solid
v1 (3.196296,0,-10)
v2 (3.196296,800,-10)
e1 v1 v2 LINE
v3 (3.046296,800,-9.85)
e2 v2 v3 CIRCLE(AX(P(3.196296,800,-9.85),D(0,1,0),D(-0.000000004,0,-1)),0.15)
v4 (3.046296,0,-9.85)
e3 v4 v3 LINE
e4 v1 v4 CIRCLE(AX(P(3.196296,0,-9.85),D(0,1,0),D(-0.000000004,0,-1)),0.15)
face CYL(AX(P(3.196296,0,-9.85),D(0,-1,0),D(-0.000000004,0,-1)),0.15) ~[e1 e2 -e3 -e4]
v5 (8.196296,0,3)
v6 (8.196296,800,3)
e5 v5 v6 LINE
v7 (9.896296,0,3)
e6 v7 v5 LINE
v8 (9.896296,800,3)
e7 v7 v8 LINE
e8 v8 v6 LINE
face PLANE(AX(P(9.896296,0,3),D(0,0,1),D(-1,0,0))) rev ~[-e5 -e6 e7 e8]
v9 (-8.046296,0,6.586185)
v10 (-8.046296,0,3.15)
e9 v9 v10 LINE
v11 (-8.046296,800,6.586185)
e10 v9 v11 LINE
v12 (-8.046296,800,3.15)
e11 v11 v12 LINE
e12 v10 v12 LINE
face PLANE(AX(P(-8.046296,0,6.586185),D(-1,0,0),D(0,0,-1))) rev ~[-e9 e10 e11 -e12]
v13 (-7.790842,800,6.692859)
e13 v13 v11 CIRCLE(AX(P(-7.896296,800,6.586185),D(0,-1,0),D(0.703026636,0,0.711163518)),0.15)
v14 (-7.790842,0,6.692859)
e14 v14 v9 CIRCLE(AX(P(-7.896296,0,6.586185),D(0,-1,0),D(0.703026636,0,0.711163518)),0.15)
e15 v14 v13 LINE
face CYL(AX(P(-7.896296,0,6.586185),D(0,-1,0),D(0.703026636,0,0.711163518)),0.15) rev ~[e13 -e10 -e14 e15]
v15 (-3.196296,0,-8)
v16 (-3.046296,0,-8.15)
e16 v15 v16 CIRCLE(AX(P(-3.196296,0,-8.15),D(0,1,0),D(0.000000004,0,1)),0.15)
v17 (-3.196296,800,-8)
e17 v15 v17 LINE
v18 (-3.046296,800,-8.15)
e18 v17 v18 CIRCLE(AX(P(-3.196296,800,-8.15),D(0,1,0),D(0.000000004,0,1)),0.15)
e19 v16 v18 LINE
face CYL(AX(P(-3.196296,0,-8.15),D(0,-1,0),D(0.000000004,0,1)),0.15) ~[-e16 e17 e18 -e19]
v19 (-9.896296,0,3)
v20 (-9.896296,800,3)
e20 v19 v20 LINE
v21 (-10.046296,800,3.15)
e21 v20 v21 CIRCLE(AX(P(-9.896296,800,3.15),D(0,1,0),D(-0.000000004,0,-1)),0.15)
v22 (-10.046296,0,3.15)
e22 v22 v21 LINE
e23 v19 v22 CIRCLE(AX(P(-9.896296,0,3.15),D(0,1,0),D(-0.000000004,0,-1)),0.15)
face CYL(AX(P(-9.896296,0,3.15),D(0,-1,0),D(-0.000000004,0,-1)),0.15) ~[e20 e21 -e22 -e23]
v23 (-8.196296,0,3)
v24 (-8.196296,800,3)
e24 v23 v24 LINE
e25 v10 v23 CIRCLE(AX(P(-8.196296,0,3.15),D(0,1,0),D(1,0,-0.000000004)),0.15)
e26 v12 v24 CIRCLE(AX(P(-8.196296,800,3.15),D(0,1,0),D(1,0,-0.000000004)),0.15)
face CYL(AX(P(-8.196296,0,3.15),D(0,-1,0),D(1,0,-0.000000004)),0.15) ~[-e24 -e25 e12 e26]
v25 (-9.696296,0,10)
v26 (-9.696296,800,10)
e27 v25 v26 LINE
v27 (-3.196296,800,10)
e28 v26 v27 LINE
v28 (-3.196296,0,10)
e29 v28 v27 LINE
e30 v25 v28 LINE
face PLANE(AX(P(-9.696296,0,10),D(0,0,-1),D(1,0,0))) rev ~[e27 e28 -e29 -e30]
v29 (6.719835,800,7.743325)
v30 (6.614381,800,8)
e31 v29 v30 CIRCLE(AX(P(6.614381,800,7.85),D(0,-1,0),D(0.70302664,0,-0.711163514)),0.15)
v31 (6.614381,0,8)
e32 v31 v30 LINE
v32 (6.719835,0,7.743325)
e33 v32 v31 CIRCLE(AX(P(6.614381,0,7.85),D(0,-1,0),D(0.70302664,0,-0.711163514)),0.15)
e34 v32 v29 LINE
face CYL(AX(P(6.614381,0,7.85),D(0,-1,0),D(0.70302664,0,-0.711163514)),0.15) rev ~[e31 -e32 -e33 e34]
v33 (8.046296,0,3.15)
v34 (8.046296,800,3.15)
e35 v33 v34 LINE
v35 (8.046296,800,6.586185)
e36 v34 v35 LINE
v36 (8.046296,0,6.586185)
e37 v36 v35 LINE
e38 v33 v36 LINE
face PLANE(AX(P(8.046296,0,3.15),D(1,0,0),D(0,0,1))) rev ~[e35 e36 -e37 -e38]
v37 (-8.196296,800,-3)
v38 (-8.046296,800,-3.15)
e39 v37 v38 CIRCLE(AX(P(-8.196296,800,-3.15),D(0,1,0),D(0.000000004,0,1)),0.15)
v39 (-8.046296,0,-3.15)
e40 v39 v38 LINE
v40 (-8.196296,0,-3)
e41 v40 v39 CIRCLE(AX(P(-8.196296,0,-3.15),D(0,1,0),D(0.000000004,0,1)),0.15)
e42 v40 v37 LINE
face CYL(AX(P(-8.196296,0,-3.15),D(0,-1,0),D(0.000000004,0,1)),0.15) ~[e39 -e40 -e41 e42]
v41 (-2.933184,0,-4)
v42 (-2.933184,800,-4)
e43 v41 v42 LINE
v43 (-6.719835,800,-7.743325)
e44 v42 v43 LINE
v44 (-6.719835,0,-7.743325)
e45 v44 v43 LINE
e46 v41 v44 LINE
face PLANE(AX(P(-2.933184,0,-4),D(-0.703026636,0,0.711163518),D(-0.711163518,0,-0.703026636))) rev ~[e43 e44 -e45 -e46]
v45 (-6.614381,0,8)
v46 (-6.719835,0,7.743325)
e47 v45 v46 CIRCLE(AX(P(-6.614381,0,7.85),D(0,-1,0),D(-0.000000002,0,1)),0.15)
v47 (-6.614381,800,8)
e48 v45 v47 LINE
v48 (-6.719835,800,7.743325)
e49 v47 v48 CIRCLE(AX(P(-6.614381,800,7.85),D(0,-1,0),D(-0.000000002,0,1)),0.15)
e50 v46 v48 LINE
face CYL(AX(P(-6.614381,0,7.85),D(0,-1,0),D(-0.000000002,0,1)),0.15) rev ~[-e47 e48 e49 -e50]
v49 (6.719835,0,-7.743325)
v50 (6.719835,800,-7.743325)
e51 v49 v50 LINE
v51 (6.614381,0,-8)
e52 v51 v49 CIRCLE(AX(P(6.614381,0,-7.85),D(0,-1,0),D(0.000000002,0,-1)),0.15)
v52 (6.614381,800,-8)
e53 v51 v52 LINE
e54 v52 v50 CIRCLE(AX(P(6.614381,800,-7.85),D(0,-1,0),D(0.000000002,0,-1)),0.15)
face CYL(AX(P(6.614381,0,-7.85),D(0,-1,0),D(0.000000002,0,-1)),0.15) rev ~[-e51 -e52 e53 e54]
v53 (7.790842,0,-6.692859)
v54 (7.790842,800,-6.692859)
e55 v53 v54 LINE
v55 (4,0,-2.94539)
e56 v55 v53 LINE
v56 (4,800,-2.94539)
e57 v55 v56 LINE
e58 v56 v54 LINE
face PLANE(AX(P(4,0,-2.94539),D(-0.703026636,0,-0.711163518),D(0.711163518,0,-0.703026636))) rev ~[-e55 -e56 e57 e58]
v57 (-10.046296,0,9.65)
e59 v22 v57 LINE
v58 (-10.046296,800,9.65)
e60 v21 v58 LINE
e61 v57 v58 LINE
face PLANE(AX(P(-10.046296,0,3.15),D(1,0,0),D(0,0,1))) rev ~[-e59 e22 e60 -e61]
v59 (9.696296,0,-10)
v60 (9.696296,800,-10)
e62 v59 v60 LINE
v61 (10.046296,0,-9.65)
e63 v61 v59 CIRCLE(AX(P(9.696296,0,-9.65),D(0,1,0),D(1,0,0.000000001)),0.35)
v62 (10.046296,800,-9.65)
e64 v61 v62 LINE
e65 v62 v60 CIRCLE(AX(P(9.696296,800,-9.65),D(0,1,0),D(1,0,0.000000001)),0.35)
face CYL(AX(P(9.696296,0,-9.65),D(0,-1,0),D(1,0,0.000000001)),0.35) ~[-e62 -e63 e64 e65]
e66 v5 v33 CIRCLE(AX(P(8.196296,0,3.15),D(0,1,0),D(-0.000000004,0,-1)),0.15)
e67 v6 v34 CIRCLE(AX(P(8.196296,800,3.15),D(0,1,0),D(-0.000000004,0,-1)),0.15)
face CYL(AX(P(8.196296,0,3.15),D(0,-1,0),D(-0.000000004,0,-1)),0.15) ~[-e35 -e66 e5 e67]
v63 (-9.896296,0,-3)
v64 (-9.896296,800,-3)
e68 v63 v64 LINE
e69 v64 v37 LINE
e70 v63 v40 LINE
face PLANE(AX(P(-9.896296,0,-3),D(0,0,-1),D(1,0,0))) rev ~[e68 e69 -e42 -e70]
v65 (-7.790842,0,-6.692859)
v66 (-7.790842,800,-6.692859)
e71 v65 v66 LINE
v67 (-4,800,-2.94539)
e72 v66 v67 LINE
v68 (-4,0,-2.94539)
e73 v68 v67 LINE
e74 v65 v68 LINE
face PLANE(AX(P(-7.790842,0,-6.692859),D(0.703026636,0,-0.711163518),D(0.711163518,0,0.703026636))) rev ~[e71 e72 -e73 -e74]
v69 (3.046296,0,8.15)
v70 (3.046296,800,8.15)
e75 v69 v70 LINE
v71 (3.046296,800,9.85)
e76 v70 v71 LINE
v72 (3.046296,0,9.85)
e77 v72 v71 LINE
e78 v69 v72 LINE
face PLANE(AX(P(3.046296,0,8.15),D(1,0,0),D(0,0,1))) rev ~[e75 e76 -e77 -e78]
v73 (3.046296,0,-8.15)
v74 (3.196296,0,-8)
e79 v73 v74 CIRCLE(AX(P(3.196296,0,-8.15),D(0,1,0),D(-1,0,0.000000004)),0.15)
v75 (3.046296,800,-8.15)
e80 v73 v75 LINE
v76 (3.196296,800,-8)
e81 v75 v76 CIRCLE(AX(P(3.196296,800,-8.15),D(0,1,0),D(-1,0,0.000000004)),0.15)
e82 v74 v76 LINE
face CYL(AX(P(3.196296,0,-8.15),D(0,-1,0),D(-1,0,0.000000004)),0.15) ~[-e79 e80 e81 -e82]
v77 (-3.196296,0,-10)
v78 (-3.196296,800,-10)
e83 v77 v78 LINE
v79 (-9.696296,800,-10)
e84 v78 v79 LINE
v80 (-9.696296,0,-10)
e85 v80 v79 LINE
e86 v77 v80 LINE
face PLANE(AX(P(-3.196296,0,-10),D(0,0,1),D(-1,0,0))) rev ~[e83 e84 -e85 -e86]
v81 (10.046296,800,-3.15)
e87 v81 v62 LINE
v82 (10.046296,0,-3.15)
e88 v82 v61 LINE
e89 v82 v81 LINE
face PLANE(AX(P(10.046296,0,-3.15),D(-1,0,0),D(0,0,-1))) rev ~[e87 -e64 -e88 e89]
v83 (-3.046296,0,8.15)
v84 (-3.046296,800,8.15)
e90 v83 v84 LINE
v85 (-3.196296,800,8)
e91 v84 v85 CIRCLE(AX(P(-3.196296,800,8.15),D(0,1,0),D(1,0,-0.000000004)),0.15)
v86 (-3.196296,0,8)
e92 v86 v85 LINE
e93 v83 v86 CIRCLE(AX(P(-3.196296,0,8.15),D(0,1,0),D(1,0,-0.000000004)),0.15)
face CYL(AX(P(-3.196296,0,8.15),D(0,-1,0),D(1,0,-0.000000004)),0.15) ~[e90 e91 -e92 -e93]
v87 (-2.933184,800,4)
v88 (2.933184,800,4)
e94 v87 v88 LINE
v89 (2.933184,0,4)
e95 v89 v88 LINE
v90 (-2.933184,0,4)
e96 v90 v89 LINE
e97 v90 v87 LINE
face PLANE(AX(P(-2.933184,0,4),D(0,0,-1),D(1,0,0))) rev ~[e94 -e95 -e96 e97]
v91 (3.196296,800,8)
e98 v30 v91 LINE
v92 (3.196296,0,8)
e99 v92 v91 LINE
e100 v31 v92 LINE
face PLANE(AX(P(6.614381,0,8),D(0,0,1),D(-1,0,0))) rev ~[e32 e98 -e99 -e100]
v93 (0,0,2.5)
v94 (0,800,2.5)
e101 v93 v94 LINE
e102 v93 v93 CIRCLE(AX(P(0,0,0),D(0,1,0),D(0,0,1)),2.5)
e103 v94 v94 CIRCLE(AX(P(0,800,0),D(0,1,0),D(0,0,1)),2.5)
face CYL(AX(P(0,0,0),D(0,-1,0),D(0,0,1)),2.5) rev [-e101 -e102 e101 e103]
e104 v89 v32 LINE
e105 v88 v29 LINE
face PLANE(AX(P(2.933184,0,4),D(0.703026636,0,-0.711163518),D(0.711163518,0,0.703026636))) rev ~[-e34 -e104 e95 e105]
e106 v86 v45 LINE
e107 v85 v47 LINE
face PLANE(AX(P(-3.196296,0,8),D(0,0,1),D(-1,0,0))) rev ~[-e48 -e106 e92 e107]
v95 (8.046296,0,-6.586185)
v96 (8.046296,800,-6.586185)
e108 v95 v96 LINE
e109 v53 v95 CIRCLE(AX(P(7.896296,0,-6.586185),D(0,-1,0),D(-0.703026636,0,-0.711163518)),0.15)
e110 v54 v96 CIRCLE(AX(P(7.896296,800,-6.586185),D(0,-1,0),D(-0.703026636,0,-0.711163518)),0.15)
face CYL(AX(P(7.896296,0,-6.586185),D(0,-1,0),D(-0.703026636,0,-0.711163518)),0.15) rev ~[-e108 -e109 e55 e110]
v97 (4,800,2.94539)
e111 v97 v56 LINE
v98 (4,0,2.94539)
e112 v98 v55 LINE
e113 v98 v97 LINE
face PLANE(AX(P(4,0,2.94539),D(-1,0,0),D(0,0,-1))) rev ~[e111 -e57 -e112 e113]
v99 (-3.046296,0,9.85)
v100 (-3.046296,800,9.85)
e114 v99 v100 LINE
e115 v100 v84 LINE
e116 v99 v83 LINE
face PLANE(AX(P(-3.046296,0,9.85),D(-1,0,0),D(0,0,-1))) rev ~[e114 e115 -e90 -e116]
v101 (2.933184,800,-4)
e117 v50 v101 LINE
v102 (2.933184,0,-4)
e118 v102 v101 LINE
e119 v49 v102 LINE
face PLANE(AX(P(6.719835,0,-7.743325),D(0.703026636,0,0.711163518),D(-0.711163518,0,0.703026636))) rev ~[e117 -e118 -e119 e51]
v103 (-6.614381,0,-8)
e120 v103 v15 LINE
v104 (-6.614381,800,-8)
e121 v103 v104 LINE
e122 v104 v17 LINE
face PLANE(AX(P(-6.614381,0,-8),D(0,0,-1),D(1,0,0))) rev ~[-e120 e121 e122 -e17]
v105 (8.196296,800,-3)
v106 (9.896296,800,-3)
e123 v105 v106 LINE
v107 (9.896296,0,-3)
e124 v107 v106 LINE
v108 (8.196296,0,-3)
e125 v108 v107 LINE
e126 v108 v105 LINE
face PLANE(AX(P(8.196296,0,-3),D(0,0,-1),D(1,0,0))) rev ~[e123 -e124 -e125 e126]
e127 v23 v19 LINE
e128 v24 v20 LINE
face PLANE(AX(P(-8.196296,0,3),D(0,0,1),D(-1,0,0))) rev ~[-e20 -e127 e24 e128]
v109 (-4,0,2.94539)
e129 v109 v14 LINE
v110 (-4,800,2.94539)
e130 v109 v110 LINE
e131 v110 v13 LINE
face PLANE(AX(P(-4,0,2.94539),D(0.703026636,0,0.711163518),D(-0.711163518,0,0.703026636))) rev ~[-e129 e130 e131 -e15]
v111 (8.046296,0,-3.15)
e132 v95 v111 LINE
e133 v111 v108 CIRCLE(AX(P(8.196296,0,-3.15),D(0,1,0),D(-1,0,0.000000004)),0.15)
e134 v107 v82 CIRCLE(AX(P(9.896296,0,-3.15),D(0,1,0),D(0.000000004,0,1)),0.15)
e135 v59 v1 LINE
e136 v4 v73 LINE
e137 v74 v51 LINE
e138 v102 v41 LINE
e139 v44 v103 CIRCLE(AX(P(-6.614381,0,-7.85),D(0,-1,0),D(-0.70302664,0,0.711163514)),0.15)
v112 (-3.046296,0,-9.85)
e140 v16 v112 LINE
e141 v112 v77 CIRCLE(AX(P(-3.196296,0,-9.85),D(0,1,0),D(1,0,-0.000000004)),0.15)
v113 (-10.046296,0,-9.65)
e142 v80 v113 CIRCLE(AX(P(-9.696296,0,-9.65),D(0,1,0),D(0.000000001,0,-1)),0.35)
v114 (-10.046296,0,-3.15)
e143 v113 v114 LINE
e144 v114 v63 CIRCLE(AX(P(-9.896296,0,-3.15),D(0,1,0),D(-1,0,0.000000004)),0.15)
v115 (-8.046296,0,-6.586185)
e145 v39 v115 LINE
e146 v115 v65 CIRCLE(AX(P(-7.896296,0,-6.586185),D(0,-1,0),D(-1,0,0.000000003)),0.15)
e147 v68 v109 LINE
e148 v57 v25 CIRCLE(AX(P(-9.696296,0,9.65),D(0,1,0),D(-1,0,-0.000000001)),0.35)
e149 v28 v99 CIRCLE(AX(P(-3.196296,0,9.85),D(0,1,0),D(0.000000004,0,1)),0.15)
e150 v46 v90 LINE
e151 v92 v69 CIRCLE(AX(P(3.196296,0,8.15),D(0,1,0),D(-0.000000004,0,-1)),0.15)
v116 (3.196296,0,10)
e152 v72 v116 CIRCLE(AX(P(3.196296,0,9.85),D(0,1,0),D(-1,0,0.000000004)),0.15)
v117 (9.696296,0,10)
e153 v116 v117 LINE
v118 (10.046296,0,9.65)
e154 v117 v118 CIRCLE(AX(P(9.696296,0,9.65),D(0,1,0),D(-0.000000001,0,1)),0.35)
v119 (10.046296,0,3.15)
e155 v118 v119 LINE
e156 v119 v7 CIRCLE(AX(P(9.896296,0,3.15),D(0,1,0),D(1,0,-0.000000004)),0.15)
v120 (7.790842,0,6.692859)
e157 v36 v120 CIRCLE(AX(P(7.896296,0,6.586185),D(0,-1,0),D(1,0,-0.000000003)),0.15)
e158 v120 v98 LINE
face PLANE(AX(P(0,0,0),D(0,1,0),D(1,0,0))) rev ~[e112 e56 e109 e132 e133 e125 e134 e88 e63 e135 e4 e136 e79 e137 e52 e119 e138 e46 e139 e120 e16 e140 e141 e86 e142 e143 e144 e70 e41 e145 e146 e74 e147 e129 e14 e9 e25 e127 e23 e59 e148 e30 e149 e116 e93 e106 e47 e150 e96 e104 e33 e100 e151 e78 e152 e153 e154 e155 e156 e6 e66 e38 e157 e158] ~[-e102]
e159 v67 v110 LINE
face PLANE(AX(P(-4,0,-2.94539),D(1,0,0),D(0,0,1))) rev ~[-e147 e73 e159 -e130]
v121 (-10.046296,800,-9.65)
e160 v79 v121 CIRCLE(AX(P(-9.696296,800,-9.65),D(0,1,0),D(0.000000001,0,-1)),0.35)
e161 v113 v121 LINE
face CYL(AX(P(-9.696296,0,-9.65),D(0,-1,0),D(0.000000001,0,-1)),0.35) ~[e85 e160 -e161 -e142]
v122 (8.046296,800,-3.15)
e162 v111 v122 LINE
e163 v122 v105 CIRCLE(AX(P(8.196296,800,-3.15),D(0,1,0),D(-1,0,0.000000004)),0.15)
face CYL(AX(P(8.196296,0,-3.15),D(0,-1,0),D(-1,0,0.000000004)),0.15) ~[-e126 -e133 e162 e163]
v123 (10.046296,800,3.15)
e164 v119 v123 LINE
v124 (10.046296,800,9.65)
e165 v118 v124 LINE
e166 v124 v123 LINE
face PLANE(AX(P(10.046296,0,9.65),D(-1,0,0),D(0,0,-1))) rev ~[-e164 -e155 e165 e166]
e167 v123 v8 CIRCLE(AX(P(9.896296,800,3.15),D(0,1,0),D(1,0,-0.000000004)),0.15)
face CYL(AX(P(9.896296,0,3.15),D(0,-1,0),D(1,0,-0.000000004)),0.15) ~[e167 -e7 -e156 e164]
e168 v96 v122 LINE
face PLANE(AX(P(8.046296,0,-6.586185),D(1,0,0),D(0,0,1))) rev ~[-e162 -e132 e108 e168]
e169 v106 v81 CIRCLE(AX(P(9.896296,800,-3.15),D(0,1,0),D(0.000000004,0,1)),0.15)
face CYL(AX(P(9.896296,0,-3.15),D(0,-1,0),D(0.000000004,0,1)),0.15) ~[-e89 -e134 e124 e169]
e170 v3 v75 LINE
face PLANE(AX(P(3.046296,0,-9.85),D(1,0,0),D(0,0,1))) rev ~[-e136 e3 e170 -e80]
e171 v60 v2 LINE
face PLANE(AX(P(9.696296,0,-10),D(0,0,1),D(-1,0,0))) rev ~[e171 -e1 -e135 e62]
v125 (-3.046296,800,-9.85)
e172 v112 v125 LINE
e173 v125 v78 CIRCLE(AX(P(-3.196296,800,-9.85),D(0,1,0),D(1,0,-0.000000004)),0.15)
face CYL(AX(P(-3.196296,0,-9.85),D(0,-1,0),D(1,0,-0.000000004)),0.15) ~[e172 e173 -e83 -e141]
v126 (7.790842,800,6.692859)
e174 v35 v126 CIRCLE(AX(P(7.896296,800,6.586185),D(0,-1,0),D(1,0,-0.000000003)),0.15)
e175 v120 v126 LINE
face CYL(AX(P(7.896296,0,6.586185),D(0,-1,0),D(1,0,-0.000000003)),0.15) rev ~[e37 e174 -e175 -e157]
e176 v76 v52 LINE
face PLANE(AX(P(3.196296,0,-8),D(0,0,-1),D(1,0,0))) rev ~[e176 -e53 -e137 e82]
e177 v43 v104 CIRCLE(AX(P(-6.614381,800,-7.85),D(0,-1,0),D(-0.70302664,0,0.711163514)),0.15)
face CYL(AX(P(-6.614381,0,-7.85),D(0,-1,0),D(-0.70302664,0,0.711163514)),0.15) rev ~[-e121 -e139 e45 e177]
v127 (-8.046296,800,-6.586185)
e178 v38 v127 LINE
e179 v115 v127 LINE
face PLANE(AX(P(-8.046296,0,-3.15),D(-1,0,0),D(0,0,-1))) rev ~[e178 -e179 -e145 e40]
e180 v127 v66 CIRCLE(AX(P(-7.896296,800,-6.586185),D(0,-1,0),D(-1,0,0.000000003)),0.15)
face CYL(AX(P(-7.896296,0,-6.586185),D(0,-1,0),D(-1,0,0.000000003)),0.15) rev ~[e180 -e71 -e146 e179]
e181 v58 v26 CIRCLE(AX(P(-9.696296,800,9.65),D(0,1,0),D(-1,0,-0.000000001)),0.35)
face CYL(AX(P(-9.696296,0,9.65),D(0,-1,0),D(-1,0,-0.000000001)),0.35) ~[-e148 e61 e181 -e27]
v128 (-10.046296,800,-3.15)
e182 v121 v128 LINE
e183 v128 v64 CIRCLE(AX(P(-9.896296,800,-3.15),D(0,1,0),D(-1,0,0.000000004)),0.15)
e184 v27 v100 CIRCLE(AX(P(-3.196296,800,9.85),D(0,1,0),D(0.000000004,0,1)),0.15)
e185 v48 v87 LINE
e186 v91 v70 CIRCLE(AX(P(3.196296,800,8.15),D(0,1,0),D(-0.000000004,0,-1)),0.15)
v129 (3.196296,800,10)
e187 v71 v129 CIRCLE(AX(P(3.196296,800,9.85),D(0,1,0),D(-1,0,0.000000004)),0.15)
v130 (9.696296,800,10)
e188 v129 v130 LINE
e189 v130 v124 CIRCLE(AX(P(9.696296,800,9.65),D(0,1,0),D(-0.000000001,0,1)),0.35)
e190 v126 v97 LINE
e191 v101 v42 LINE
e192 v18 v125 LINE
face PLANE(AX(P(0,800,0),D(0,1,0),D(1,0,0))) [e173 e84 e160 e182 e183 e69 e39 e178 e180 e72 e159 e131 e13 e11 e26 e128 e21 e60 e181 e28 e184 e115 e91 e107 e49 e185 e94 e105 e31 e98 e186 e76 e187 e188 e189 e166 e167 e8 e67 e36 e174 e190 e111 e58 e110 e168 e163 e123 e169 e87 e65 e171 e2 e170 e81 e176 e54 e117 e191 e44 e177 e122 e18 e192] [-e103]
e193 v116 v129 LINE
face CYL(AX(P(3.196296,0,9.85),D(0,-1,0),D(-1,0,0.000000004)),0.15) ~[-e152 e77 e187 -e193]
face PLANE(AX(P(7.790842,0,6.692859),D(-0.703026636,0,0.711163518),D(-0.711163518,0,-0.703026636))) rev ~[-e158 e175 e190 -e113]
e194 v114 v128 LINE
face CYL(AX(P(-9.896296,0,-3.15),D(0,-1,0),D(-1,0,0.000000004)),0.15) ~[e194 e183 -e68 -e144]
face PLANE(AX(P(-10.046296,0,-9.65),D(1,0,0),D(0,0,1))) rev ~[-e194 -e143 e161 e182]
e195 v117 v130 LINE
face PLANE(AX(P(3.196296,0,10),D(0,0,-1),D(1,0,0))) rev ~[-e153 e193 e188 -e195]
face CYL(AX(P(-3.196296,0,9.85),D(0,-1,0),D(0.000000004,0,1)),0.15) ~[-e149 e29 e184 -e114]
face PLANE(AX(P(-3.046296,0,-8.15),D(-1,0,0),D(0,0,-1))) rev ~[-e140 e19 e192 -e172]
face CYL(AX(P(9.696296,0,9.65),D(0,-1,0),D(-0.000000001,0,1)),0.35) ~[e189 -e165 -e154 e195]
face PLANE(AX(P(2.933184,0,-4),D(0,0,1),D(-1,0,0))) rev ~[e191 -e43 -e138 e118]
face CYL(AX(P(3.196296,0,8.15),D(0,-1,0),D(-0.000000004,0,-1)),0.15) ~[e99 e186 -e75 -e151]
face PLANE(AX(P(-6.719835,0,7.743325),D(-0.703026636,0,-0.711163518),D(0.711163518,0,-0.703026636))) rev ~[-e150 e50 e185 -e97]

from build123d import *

# Parameters (mm, degrees)
SKETCH1_R           = 2.5
BOSS_EXTRUDE2_DEPTH = 800


with BuildPart() as part:
    # Sketch1 → Boss-Extrude2 (new body)
    with BuildSketch(Plane(origin=(0, 0, 0), x_dir=(1, 0, 0), z_dir=(0, 1, 0))):
        with BuildLine():
            Line((-9.896296296, 3), (-8.196296296, 3))
            ThreePointArc((-8.196296296, 3), (-8.090230279, 3.043933983), (-8.046296296, 3.15))
            Line((-8.046296296, 3.15), (-8.046296296, 6.586184513))
            ThreePointArc((-8.046296296, 6.586184513), (-7.954097251, 6.724600732), (-7.790842301, 6.692859041))
            Line((-7.790842301, 6.692859041), (-4, 2.945390222))
            Line((-4, 2.945390222), (-4, -2.945390222))
            Line((-4, -2.945390222), (-7.790842301, -6.692859041))
            ThreePointArc((-7.790842301, -6.692859041), (-7.954097251, -6.724600732), (-8.046296296, -6.586184513))
            Line((-8.046296296, -6.586184513), (-8.046296296, -3.15))
            ThreePointArc((-8.046296296, -3.15), (-8.090230279, -3.043933983), (-8.196296296, -3))
            Line((-8.196296296, -3), (-9.896296296, -3))
            ThreePointArc((-9.896296296, -3), (-10.002362313, -3.043933983), (-10.046296296, -3.15))
            Line((-10.046296296, -3.15), (-10.046296296, -9.65))
            ThreePointArc((-10.046296296, -9.65), (-9.94378367, -9.897487373), (-9.696296296, -10))
            Line((-9.696296296, -10), (-3.196296296, -10))
            ThreePointArc((-3.196296296, -10), (-3.090230279, -9.956066017), (-3.046296296, -9.85))
            Line((-3.046296296, -9.85), (-3.046296296, -8.15))
            ThreePointArc((-3.046296296, -8.15), (-3.090230279, -8.043933983), (-3.196296296, -8))
            Line((-3.196296296, -8), (-6.614381093, -8))
            ThreePointArc((-6.614381093, -8), (-6.753127587, -7.9070036), (-6.719835089, -7.743325472))
            Line((-6.719835089, -7.743325472), (-2.93318409, -4))
            Line((-2.93318409, -4), (2.93318409, -4))
            Line((2.93318409, -4), (6.719835089, -7.743325472))
            ThreePointArc((6.719835089, -7.743325472), (6.753127587, -7.9070036), (6.614381093, -8))
            Line((6.614381093, -8), (3.196296296, -8))
            ThreePointArc((3.196296296, -8), (3.090230279, -8.043933983), (3.046296296, -8.15))
            Line((3.046296296, -8.15), (3.046296296, -9.85))
            ThreePointArc((3.046296296, -9.85), (3.090230279, -9.956066017), (3.196296296, -10))
            Line((3.196296296, -10), (9.696296296, -10))
            ThreePointArc((9.696296296, -10), (9.94378367, -9.897487373), (10.046296296, -9.65))
            Line((10.046296296, -9.65), (10.046296296, -3.15))
            ThreePointArc((10.046296296, -3.15), (10.002362313, -3.043933983), (9.896296296, -3))
            Line((9.896296296, -3), (8.196296296, -3))
            ThreePointArc((8.196296296, -3), (8.090230279, -3.043933983), (8.046296296, -3.15))
            Line((8.046296296, -3.15), (8.046296296, -6.586184513))
            ThreePointArc((8.046296296, -6.586184513), (7.954097251, -6.724600732), (7.790842301, -6.692859041))
            Line((7.790842301, -6.692859041), (4, -2.945390222))
            Line((4, -2.945390222), (4, 2.945390222))
            Line((4, 2.945390222), (7.790842301, 6.692859041))
            ThreePointArc((7.790842301, 6.692859041), (7.954097251, 6.724600732), (8.046296296, 6.586184513))
            Line((8.046296296, 6.586184513), (8.046296296, 3.15))
            ThreePointArc((8.046296296, 3.15), (8.090230279, 3.043933983), (8.196296296, 3))
            Line((8.196296296, 3), (9.896296296, 3))
            ThreePointArc((9.896296296, 3), (10.002362313, 3.043933983), (10.046296296, 3.15))
            Line((10.046296296, 3.15), (10.046296296, 9.65))
            ThreePointArc((10.046296296, 9.65), (9.94378367, 9.897487373), (9.696296296, 10))
            Line((9.696296296, 10), (3.196296296, 10))
            ThreePointArc((3.196296296, 10), (3.090230279, 9.956066017), (3.046296296, 9.85))
            Line((3.046296296, 9.85), (3.046296296, 8.15))
            ThreePointArc((3.046296296, 8.15), (3.090230279, 8.043933983), (3.196296296, 8))
            Line((3.196296296, 8), (6.614381093, 8))
            ThreePointArc((6.614381093, 8), (6.753127587, 7.9070036), (6.719835089, 7.743325472))
            Line((6.719835089, 7.743325472), (2.93318409, 4))
            Line((2.93318409, 4), (-2.93318409, 4))
            Line((-2.93318409, 4), (-6.719835089, 7.743325472))
            ThreePointArc((-6.719835089, 7.743325472), (-6.753127587, 7.9070036), (-6.614381093, 8))
            Line((-6.614381093, 8), (-3.196296296, 8))
            ThreePointArc((-3.196296296, 8), (-3.090230279, 8.043933983), (-3.046296296, 8.15))
            Line((-3.046296296, 8.15), (-3.046296296, 9.85))
            ThreePointArc((-3.046296296, 9.85), (-3.090230279, 9.956066017), (-3.196296296, 10))
            Line((-3.196296296, 10), (-9.696296296, 10))
            ThreePointArc((-9.696296296, 10), (-9.94378367, 9.897487373), (-10.046296296, 9.65))
            Line((-10.046296296, 9.65), (-10.046296296, 3.15))
            ThreePointArc((-10.046296296, 3.15), (-10.002362313, 3.043933983), (-9.896296296, 3))
        make_face()
        with Locations(Location((0, 0, 0), (0, 0, 270))):
            Circle(SKETCH1_R, mode=Mode.SUBTRACT)
    extrude(amount=BOSS_EXTRUDE2_DEPTH)


solid = part.part
